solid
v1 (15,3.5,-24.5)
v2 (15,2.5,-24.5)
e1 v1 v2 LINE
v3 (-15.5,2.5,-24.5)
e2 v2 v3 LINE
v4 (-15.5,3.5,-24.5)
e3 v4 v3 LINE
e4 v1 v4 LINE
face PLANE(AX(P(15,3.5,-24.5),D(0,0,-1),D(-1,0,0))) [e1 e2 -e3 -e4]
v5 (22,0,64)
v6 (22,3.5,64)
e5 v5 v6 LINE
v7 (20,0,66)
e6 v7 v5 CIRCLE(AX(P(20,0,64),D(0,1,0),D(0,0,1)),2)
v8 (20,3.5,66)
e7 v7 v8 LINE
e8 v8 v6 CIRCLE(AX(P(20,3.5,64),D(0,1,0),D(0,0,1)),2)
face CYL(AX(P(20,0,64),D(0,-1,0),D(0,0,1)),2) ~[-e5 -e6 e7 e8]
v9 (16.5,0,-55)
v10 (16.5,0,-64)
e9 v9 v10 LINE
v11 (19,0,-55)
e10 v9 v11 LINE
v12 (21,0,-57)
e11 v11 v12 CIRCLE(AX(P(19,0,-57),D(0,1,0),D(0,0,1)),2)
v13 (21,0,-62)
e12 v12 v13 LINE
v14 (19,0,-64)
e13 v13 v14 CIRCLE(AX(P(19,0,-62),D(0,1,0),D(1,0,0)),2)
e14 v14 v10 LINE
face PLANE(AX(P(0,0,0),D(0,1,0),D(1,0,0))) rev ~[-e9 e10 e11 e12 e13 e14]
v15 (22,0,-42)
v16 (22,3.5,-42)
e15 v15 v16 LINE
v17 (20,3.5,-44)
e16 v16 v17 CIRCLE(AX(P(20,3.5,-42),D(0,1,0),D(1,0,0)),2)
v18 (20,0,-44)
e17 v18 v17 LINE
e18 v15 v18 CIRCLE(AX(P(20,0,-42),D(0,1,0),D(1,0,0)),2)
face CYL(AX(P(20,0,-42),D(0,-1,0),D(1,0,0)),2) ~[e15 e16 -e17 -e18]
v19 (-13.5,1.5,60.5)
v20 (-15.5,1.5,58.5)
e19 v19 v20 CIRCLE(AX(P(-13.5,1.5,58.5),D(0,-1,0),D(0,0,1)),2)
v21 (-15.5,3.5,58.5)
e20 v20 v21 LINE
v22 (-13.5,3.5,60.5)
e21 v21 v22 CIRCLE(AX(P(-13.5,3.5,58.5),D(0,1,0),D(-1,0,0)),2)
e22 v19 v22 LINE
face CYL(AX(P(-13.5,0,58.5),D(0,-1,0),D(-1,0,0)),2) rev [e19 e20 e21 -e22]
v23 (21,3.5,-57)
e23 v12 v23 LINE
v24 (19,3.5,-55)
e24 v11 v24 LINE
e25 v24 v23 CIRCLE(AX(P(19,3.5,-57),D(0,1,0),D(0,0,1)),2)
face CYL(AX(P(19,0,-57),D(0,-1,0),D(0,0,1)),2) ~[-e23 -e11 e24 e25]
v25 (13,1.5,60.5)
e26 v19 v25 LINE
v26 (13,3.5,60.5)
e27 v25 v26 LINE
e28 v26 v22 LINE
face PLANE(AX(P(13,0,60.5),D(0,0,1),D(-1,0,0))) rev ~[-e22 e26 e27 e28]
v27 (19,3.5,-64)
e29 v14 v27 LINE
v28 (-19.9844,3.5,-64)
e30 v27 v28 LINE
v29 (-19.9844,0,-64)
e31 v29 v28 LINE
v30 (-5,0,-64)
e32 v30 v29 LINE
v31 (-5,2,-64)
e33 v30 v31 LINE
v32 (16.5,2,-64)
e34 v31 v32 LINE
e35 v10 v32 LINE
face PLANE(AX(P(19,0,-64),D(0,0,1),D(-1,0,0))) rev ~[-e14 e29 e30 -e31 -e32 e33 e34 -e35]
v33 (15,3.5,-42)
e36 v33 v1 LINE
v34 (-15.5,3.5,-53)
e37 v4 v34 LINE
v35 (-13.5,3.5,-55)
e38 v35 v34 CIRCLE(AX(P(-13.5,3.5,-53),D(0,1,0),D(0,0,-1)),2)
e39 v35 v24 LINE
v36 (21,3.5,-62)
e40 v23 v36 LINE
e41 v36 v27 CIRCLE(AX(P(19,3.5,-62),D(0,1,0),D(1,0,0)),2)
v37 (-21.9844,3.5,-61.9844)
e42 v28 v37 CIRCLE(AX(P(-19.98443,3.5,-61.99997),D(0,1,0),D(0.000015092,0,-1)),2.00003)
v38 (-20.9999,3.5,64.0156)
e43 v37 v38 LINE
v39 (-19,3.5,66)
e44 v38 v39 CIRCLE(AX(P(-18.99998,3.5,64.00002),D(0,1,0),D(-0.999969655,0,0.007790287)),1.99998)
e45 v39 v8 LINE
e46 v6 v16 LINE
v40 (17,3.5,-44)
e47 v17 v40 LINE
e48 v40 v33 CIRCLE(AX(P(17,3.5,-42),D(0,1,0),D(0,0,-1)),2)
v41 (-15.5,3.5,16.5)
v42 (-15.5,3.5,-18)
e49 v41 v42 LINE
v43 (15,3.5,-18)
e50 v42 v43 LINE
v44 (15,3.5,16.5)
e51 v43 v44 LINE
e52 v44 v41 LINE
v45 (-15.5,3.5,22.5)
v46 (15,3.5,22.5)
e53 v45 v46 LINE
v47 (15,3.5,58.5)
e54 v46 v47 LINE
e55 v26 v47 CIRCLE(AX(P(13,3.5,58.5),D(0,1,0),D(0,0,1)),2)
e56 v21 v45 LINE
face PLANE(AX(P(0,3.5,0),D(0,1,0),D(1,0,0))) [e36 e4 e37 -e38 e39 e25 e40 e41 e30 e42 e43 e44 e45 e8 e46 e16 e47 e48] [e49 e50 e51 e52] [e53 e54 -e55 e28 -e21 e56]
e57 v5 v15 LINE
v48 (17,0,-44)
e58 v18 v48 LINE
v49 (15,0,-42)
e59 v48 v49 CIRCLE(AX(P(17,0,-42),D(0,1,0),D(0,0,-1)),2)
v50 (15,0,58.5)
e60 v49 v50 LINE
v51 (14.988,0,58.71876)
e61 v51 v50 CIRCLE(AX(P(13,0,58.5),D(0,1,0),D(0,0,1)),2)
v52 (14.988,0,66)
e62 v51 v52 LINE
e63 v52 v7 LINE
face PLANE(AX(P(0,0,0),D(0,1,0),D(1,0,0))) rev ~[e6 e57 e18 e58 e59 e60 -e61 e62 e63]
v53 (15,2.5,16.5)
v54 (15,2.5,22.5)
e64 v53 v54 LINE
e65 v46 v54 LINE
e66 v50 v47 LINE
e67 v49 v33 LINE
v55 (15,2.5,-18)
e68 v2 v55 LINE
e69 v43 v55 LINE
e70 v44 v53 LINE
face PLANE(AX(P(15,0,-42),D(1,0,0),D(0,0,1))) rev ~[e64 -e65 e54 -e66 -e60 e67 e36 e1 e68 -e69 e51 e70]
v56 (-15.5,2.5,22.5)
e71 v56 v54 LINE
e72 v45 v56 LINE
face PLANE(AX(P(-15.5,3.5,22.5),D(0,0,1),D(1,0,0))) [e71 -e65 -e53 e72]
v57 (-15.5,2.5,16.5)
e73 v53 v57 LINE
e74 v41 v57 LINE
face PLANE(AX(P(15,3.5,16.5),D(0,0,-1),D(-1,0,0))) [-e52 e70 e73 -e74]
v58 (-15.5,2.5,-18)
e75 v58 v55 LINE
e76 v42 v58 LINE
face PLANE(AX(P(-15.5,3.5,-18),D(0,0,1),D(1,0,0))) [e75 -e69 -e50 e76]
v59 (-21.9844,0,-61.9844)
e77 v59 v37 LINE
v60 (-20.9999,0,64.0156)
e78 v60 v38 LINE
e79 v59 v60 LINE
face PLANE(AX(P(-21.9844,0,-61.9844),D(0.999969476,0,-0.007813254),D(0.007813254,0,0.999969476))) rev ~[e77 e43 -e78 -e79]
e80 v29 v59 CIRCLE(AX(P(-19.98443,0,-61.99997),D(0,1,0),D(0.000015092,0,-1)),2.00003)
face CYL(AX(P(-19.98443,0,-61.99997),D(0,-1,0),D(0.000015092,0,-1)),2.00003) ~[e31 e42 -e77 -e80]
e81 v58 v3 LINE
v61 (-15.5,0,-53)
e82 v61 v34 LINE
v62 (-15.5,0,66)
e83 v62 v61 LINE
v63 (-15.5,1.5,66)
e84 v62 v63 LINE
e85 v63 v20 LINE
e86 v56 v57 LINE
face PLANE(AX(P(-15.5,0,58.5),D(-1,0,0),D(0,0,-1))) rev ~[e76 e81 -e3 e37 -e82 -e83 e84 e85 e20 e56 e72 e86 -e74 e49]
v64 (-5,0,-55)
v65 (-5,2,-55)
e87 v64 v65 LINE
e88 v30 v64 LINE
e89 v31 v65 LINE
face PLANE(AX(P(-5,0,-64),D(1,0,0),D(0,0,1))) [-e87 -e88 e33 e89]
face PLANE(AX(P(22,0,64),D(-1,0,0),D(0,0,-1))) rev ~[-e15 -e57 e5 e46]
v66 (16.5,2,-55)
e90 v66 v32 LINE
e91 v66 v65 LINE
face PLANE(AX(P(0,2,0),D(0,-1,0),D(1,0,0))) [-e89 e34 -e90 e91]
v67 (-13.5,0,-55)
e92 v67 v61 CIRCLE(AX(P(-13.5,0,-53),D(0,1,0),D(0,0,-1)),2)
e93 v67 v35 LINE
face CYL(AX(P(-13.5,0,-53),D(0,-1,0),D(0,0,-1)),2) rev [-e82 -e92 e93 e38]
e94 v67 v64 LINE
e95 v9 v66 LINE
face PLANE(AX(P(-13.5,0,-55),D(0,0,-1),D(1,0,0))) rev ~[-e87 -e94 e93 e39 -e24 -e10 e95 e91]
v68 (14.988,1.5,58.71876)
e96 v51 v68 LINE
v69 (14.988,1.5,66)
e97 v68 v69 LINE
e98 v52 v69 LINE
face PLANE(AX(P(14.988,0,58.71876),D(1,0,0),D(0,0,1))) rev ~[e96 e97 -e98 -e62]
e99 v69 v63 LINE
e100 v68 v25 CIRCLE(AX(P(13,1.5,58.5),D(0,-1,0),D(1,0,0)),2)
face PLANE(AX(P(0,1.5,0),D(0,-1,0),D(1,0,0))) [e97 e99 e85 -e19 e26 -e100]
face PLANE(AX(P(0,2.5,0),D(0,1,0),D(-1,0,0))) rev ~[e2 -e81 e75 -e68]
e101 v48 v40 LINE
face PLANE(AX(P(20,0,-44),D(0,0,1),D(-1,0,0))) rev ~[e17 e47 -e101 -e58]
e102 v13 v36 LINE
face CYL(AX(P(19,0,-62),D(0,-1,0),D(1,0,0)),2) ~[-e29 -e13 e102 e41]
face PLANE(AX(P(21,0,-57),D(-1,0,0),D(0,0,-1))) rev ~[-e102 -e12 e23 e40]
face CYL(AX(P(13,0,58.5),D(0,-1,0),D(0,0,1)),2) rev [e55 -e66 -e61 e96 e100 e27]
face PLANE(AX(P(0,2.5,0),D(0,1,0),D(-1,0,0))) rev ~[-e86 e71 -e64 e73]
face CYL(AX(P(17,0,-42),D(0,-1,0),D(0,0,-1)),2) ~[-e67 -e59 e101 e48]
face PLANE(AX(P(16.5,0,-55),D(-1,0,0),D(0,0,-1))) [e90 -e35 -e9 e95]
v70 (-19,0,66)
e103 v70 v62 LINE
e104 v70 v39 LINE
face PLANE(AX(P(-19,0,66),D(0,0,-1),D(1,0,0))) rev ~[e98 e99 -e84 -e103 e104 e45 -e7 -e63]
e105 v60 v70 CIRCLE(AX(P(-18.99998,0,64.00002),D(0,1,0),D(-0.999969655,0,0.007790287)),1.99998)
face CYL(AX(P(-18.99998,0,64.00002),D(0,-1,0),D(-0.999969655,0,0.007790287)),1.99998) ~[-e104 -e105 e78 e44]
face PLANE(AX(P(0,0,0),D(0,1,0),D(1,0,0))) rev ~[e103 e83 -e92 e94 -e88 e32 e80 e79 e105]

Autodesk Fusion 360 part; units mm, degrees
sketch "Sketch1" plane through (0, 0, 0) normal (0, 1, 0) x (1, 0, 0)
  line L0 (15, 42) -> (15, -58.5)
  line L1 (13, -60.5) -> (-13.5, -60.5)
  line L2 (-15.5, -58.5) -> (-15.5, 53)
  line L3 (-13.5, 55) -> (19, 55)
  line L4 (21, 57) -> (21, 62)
  line L5 (19, 64) -> (-19.9844, 64)
  line L6 (-21.9844, 61.9844) -> (-20.9999, -64.0156)
  line L7 (-19, -66) -> (20, -66)
  line L8 (22, -64) -> (22, 42)
  line L9 (20, 44) -> (17, 44)
  arc A0 (22, 42) -> (20, 44) centre (20, 42) ccw
  arc A1 (17, 44) -> (15, 42) centre (17, 42) ccw
  arc A2 (20, -66) -> (22, -64) centre (20, -64) ccw
  arc A3 (13, -60.5) -> (15, -58.5) centre (13, -58.5) ccw
  arc A4 (-20.9999, -64.0156) -> (-19, -66) centre (-19, -64) ccw
  arc A5 (-15.5, -58.5) -> (-13.5, -60.5) centre (-13.5, -58.5) ccw
  arc A6 (-13.5, 55) -> (-15.5, 53) centre (-13.5, 53) ccw
  arc A7 (19, 55) -> (21, 57) centre (19, 57) ccw
  arc A8 (21, 62) -> (19, 64) centre (19, 62) ccw
  arc A9 (-19.9844, 64) -> (-21.9844, 61.9844) centre (-19.9844, 62) ccw
  dimension "d1" = 2
extrude "Extrude1" add sketch "Sketch1" along normal blind 3.5
sketch "Sketch2" plane through (0, 3.5, 0) normal (0, 1, 0) x (-1, 0, 0)
  line L0 (13.5, -55) -> (-19, -55)
  arc A0 (-19, -55) -> (-21, -57) centre (-19, -57) ccw
  line L1 (-21, -57) -> (-21, -62)
  arc A1 (-21, -62) -> (-19, -64) centre (-19, -62) ccw
  line L2 (-19, -64) -> (19.9844, -64)
  arc A2 (19.9844, -64) -> (21.9844, -61.9844) centre (19.9844, -62) ccw
  line L3 (21.9844, -61.9844) -> (20.9999, 64.0156)
  arc A3 (20.9999, 64.0156) -> (19, 66) centre (19, 64) ccw
  line L4 (19, 66) -> (-20, 66)
  arc A4 (-20, 66) -> (-22, 64) centre (-20, 64) ccw
  line L5 (-22, 64) -> (-22, -42)
  arc A5 (-22, -42) -> (-20, -44) centre (-20, -42) ccw
  line L6 (-20, -44) -> (-17, -44)
  arc A6 (-17, -44) -> (-15, -42) centre (-17, -42) ccw
  line L7 (-15, -42) -> (-15, 58.5)
  arc A7 (-13, 60.5) -> (-15, 58.5) centre (-13, 58.5) ccw
  line L8 (-13, 60.5) -> (13.5, 60.5)
  arc A8 (15.5, 58.5) -> (13.5, 60.5) centre (13.5, 58.5) ccw
  line L9 (15.5, 58.5) -> (15.5, -53)
  arc A9 (13.5, -55) -> (15.5, -53) centre (13.5, -53) ccw
  line L10 (-14.988, 67.5) -> (15.5, 67.5)
  line L11 (15.5, 67.5) -> (15.5, 58.5)
  line L12 (15.5, 58.5) -> (-14.988, 58.5)
  line L13 (-14.988, 58.5) -> (-14.988, 67.5)
sketch "Sketch3" plane through (0, 0, 0) normal (0, -1, 0) x (1, 0, 0)
  line L0 (19, -55) -> (-13.5, -55)
  arc A0 (-15.5, -53) -> (-13.5, -55) centre (-13.5, -53) ccw
  line L1 (-15.5, -53) -> (-15.5, 58.5)
  arc A1 (-13.5, 60.5) -> (-15.5, 58.5) centre (-13.5, 58.5) ccw
  line L2 (-13.5, 60.5) -> (13, 60.5)
  arc A2 (15, 58.5) -> (13, 60.5) centre (13, 58.5) ccw
  line L3 (15, 58.5) -> (15, -42)
  arc A3 (15, -42) -> (17, -44) centre (17, -42) ccw
  line L4 (17, -44) -> (20, -44)
  arc A4 (20, -44) -> (22, -42) centre (20, -42) ccw
  line L5 (22, -42) -> (22, 64)
  arc A5 (22, 64) -> (20, 66) centre (20, 64) ccw
  line L6 (20, 66) -> (-19, 66)
  arc A6 (-19, 66) -> (-20.9999, 64.0156) centre (-19, 64) ccw
  line L7 (-20.9999, 64.0156) -> (-21.9844, -61.9844)
  arc A7 (-21.9844, -61.9844) -> (-19.9844, -64) centre (-19.9844, -62) ccw
  line L8 (-19.9844, -64) -> (19, -64)
  arc A8 (19, -64) -> (21, -62) centre (19, -62) ccw
  line L9 (21, -62) -> (21, -57)
  arc A9 (21, -57) -> (19, -55) centre (19, -57) ccw
  line L10 (-15.5, 51.9243) -> (14.988, 51.9243)
  line L11 (14.988, 51.9243) -> (14.988, 76)
  line L12 (14.988, 76) -> (-15.5, 76)
  line L13 (-15.5, 76) -> (-15.5, 51.9243)
extrude "Extrude3" cut sketch "Sketch3" against normal blind 1.5 contours A1 L2 A2 L6 L11 L13
sketch "Sketch4" plane through (0, 3.5, 0) normal (0, 1, 0) x (-1, 0, 0)
  line L0 (13.5, -55) -> (-19, -55)
  arc A0 (-19, -55) -> (-21, -57) centre (-19, -57) ccw
  line L1 (-21, -57) -> (-21, -62)
  arc A1 (-21, -62) -> (-19, -64) centre (-19, -62) ccw
  line L2 (-19, -64) -> (19.9844, -64)
  arc A2 (19.9844, -64) -> (21.9844, -61.9844) centre (19.9844, -62) ccw
  line L3 (21.9844, -61.9844) -> (20.9999, 64.0156)
  arc A3 (20.9999, 64.0156) -> (19, 66) centre (19, 64) ccw
  line L4 (19, 66) -> (-20, 66)
  arc A4 (-20, 66) -> (-22, 64) centre (-20, 64) ccw
  line L5 (-22, 64) -> (-22, -42)
  arc A5 (-22, -42) -> (-20, -44) centre (-20, -42) ccw
  line L6 (-20, -44) -> (-17, -44)
  arc A6 (-17, -44) -> (-15, -42) centre (-17, -42) ccw
  line L7 (-15, -42) -> (-15, 58.5)
  arc A7 (-13, 60.5) -> (-15, 58.5) centre (-13, 58.5) ccw
  line L8 (-13, 60.5) -> (13.5, 60.5)
  arc A8 (15.5, 58.5) -> (13.5, 60.5) centre (13.5, 58.5) ccw
  line L9 (15.5, 58.5) -> (15.5, -53)
  arc A9 (13.5, -55) -> (15.5, -53) centre (13.5, -53) ccw
  line L10 (-15, -24.5) -> (17.4682, -24.5)
  line L11 (17.4682, -24.5) -> (17.4682, -18)
  line L12 (17.4682, -18) -> (-15, -18)
  line L13 (-15, -18) -> (-15, -24.5)
  line L14 (-15, 16.5) -> (17, 16.5)
  line L15 (17, 16.5) -> (17, 22.5)
  line L16 (17, 22.5) -> (-15, 22.5)
  line L17 (-15, 22.5) -> (-15, 16.5)
  line L18 (-13, 60.5) -> (13.5, 60.5)
  line L19 (-16.3717, -55) -> (5.5, -55)
  line L20 (5.5, -55) -> (5.5, -64)
  line L21 (5.5, -64) -> (-16.3717, -64)
  line L22 (-16.3717, -64) -> (-16.3717, -55)
  dimension "d10" = 6.5
  dimension "d11" = 6
  dimension "d12" = 38
  dimension "d13" = 78.5
extrude "Extrude4" add sketch "Sketch4" against normal blind 1 contours L7 L9 L10 L12 L13 | L7 L9 L14 L16 L17
sketch "Sketch5" plane through (0, 0, 0) normal (0, -1, 0) x (1, 0, 0)
  line L0 (-15.5, -53) -> (-15.5, 66)
  line L1 (-15.5, 66) -> (-19, 66)
  arc A0 (-19, 66) -> (-20.9999, 64.0156) centre (-19, 64) ccw
  line L2 (-20.9999, 64.0156) -> (-21.9844, -61.9844)
  arc A1 (-21.9844, -61.9844) -> (-19.9844, -64) centre (-19.9844, -62) ccw
  line L3 (-19.9844, -64) -> (19, -64)
  arc A2 (19, -64) -> (21, -62) centre (19, -62) ccw
  line L4 (21, -62) -> (21, -57)
  arc A3 (21, -57) -> (19, -55) centre (19, -57) ccw
  line L5 (19, -55) -> (-13.5, -55)
  arc A4 (-15.5, -53) -> (-13.5, -55) centre (-13.5, -53) ccw
  line L6 (16.5, -64) -> (-5, -64)
  line L7 (-5, -64) -> (-5, -55)
  line L8 (-5, -55) -> (16.5, -55)
  line L9 (16.5, -55) -> (16.5, -64)
extrude "Extrude5" cut sketch "Sketch5" against normal blind 2 contours L3 L5 L6 L7 L8 L9
